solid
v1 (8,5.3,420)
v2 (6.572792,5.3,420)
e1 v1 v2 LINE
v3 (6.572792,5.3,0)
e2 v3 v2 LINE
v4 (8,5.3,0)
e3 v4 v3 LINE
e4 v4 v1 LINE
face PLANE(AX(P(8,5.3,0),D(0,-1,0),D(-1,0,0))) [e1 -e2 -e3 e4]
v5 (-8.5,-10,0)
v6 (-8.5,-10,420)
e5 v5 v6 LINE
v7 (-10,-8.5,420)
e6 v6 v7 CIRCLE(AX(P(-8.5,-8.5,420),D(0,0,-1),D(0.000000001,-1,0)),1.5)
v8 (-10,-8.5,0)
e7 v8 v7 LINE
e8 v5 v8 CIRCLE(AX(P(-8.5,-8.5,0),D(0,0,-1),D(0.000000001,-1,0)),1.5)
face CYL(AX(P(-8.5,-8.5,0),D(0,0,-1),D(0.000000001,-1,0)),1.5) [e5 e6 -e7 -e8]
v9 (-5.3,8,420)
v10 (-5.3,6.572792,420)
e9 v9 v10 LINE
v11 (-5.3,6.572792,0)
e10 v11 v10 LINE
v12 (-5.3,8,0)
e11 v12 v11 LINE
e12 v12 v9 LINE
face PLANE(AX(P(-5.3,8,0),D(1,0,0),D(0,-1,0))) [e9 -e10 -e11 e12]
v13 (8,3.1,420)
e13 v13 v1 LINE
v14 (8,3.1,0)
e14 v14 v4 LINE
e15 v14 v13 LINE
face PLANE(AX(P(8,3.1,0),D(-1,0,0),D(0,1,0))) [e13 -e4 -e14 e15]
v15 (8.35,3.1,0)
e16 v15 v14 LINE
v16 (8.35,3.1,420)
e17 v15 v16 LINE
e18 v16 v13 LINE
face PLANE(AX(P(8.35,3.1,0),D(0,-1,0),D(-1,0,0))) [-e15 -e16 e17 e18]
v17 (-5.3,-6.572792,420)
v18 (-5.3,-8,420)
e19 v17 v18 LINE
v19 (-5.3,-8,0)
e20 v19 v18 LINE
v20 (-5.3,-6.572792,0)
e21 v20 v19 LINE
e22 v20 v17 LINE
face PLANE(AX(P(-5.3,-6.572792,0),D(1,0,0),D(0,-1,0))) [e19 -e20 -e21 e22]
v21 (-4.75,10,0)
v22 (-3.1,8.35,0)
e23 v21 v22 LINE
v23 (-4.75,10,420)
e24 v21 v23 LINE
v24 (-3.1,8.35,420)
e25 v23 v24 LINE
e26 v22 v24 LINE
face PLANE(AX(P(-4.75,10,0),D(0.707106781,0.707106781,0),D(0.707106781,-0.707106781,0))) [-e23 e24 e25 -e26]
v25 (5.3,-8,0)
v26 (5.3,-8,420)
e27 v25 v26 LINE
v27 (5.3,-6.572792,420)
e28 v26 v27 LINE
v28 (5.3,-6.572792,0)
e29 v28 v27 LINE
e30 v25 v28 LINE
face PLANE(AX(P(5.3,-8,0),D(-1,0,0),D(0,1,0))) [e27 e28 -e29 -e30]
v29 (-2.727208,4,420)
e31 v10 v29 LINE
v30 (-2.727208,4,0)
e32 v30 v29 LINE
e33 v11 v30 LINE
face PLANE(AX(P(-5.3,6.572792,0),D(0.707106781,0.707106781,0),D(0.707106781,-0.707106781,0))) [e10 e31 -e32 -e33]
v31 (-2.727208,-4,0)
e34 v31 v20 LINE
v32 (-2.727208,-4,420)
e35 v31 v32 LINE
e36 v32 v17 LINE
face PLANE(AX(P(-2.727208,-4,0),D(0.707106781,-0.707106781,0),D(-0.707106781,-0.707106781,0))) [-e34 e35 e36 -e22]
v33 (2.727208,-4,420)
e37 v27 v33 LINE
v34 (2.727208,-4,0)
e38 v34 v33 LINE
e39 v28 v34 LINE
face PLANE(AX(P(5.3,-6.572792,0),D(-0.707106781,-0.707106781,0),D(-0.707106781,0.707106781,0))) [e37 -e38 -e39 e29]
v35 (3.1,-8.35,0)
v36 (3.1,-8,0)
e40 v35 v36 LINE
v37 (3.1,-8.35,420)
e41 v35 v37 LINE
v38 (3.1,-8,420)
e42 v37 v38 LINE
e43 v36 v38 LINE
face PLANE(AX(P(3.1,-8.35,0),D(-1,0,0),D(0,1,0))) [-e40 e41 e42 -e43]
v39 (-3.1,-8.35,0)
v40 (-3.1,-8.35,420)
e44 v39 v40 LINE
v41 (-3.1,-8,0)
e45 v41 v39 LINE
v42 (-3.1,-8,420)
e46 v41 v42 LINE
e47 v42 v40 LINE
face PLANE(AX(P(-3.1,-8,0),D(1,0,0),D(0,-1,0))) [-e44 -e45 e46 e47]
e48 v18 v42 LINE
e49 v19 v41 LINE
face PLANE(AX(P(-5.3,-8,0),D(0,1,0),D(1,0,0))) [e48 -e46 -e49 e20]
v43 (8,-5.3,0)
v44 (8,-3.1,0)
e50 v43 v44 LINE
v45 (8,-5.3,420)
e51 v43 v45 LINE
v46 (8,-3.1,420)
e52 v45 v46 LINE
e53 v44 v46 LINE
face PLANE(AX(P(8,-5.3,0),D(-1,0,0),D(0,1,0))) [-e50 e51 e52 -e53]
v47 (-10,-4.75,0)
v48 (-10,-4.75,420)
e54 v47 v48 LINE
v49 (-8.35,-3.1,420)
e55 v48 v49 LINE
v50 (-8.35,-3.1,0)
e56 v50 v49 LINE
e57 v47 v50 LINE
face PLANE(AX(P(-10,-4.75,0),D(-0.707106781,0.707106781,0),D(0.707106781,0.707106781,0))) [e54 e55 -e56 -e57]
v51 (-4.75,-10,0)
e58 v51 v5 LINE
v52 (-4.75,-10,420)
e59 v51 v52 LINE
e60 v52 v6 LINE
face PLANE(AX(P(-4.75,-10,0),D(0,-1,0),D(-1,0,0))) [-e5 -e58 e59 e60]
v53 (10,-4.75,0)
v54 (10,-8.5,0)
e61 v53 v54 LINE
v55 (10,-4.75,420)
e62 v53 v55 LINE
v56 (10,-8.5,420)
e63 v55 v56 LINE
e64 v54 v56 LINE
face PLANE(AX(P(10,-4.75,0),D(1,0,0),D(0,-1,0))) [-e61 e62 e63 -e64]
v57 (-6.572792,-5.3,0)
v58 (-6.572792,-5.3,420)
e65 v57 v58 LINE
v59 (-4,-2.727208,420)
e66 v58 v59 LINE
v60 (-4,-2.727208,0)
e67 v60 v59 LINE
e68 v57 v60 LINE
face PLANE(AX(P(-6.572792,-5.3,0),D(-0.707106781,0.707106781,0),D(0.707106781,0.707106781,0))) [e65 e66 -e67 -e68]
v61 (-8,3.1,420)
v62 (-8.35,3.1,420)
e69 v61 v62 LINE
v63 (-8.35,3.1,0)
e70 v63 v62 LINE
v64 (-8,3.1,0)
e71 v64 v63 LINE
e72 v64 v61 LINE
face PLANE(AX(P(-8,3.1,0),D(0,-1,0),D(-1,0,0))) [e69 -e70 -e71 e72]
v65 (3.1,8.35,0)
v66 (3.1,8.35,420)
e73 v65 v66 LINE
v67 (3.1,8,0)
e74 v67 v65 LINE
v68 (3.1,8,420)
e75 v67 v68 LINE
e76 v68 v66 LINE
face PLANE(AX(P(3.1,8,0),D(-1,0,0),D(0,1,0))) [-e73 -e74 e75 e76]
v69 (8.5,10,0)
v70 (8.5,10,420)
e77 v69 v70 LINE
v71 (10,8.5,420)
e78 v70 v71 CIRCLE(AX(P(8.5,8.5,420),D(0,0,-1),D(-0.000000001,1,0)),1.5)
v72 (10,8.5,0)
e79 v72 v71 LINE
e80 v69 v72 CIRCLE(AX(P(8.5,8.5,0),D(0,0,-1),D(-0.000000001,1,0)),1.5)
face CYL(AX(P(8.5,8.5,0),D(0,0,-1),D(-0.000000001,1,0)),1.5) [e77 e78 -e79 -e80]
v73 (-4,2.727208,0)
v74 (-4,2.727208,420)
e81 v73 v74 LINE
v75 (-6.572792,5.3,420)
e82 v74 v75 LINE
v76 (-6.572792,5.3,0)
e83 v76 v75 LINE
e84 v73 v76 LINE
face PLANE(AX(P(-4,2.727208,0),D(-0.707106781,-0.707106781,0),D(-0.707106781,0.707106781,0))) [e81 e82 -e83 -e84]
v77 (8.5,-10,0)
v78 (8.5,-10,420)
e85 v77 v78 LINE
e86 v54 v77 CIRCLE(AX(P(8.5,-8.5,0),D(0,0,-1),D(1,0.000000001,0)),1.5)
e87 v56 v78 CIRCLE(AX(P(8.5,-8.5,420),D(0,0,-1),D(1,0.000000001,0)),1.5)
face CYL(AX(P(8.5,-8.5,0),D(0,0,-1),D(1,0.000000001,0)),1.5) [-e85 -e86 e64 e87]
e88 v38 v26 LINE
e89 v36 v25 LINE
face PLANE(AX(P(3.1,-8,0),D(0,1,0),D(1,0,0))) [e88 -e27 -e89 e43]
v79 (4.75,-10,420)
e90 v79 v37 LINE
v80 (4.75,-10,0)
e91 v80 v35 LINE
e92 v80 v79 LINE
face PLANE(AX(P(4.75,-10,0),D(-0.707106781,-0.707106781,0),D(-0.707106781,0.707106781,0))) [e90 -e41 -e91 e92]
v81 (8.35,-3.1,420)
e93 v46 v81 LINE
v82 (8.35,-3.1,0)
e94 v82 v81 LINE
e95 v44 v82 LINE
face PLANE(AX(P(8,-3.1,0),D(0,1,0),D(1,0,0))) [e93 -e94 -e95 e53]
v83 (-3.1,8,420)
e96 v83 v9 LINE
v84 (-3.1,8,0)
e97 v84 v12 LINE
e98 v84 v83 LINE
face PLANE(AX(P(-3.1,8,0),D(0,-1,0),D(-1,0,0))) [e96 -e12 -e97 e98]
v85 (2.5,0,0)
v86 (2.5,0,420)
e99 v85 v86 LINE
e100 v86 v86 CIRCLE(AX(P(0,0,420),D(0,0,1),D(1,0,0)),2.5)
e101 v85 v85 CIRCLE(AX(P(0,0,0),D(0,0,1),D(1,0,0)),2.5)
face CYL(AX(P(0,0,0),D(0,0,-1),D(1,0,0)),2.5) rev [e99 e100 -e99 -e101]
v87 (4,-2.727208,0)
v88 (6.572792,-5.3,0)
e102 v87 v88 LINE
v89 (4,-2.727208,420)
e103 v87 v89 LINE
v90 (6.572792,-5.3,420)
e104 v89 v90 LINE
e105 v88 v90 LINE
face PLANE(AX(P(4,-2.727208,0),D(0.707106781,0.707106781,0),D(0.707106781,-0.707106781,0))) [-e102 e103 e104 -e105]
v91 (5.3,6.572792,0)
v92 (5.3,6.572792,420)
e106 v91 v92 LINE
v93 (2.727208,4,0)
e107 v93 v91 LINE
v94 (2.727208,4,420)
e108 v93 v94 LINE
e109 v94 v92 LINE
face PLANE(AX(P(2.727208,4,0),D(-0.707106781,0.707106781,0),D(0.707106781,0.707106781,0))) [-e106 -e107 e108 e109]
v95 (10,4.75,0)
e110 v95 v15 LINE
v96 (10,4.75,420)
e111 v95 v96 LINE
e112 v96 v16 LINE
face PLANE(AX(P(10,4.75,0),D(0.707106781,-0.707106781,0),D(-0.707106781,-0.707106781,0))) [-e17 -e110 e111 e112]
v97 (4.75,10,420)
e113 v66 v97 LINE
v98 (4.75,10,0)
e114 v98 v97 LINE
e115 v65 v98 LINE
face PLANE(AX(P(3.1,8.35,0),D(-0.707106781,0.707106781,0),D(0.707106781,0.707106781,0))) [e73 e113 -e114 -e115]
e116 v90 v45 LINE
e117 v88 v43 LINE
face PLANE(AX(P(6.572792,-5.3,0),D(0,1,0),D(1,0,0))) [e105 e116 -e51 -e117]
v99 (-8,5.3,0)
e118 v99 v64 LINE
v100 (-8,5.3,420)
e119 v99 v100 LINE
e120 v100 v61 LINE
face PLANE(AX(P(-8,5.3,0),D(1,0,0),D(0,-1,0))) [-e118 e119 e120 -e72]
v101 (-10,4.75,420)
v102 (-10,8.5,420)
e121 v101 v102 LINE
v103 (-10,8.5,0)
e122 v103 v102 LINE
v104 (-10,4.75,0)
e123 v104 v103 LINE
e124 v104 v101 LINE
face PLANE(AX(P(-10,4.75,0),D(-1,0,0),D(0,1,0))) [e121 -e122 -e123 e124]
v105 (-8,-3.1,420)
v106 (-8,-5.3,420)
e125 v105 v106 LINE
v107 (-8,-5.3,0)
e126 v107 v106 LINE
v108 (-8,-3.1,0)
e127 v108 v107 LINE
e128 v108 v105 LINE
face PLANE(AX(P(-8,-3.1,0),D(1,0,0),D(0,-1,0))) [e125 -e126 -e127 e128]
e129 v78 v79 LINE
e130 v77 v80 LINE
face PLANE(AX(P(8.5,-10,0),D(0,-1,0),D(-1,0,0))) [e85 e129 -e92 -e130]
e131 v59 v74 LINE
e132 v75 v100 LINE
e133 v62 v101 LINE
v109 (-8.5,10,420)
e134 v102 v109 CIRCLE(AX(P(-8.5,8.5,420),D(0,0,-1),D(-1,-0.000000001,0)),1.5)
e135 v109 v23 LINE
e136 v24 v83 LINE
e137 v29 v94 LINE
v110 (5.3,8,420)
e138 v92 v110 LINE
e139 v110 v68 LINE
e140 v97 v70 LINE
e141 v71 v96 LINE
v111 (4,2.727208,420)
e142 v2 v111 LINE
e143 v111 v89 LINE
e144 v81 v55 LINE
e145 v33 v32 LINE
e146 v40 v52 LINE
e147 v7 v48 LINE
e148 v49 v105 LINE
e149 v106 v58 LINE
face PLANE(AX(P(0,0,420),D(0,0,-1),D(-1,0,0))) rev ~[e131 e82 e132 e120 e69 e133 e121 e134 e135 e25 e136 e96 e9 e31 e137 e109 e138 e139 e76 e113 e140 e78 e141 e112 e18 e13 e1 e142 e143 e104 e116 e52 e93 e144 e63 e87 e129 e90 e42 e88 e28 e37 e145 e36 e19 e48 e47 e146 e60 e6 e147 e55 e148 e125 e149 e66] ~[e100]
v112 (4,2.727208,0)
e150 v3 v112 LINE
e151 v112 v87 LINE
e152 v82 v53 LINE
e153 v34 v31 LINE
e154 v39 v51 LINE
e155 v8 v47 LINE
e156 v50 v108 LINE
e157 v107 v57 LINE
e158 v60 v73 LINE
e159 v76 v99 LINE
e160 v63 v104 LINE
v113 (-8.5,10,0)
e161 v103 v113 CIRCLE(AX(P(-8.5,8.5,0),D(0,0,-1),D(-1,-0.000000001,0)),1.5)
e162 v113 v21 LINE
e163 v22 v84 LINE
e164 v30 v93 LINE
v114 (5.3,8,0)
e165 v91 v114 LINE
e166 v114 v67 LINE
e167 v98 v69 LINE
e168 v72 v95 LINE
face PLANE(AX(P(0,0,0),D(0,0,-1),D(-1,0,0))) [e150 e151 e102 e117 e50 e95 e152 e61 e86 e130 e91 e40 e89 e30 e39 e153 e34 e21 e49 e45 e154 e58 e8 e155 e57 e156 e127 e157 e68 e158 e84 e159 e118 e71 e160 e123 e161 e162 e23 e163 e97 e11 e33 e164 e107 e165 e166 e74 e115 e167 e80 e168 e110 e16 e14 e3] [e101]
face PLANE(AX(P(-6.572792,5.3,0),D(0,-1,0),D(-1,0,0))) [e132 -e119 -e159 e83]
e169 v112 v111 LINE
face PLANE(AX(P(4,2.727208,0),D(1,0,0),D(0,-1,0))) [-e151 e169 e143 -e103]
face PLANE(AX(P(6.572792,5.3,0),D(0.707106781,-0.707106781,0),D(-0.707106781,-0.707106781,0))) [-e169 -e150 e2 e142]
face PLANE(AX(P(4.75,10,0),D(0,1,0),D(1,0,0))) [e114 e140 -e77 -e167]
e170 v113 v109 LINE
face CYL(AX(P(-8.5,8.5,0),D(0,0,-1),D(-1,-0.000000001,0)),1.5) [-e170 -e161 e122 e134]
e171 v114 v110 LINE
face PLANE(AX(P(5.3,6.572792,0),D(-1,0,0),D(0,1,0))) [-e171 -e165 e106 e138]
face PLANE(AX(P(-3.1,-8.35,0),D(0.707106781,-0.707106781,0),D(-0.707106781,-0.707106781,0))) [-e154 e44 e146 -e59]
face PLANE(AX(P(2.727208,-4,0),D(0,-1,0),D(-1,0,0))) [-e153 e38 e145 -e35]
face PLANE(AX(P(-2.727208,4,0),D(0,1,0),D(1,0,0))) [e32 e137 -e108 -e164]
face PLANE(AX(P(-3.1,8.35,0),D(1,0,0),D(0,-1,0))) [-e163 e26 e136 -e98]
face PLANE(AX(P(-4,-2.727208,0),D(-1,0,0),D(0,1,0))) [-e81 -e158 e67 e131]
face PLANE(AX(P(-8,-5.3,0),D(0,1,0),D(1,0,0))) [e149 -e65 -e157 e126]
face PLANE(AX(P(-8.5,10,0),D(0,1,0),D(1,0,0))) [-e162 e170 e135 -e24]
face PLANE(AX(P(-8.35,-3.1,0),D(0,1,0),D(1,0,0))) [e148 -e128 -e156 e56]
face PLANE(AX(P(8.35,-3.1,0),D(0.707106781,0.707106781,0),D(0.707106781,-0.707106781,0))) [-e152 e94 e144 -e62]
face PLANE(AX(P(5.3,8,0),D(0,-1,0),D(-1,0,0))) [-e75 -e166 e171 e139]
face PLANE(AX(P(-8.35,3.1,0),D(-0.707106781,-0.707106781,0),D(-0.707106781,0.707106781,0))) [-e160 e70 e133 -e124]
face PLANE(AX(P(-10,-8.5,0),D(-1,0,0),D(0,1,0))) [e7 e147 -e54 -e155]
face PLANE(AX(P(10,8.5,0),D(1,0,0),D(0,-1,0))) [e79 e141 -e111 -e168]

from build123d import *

# Parameters (mm, degrees)
SKETCH2_R           = 2.5
BOSS_EXTRUDE1_DEPTH = 420


with BuildPart() as part:
    # Sketch2 → Boss-Extrude1 (new body)
    with BuildSketch(Plane.XY):
        with BuildLine():
            Line((-4, -2.727207794), (-4, 2.727207794))
            Line((-4, 2.727207794), (-6.572792206, 5.3))
            Line((-6.572792206, 5.3), (-8, 5.3))
            Line((-8, 5.3), (-8, 3.1))
            Line((-8, 3.1), (-8.35, 3.1))
            Line((-8.35, 3.1), (-10, 4.75))
            Line((-10, 4.75), (-10, 8.5))
            ThreePointArc((-10, 8.5), (-9.560660172, 9.560660172), (-8.5, 10))
            Line((-8.5, 10), (-4.75, 10))
            Line((-4.75, 10), (-3.1, 8.35))
            Line((-3.1, 8.35), (-3.1, 8))
            Line((-3.1, 8), (-5.3, 8))
            Line((-5.3, 8), (-5.3, 6.572792206))
            Line((-5.3, 6.572792206), (-2.727207794, 4))
            Line((-2.727207794, 4), (2.727207794, 4))
            Line((2.727207794, 4), (5.3, 6.572792206))
            Line((5.3, 6.572792206), (5.3, 8))
            Line((5.3, 8), (3.1, 8))
            Line((3.1, 8), (3.1, 8.35))
            Line((3.1, 8.35), (4.75, 10))
            Line((4.75, 10), (8.5, 10))
            ThreePointArc((8.5, 10), (9.560660172, 9.560660172), (10, 8.5))
            Line((10, 8.5), (10, 4.75))
            Line((10, 4.75), (8.35, 3.1))
            Line((8.35, 3.1), (8, 3.1))
            Line((8, 3.1), (8, 5.3))
            Line((8, 5.3), (6.572792206, 5.3))
            Line((6.572792206, 5.3), (4, 2.727207794))
            Line((4, 2.727207794), (4, -2.727207794))
            Line((4, -2.727207794), (6.572792206, -5.3))
            Line((6.572792206, -5.3), (8, -5.3))
            Line((8, -5.3), (8, -3.1))
            Line((8, -3.1), (8.35, -3.1))
            Line((8.35, -3.1), (10, -4.75))
            Line((10, -4.75), (10, -8.5))
            ThreePointArc((10, -8.5), (9.560660172, -9.560660172), (8.5, -10))
            Line((8.5, -10), (4.75, -10))
            Line((4.75, -10), (3.1, -8.35))
            Line((3.1, -8.35), (3.1, -8))
            Line((3.1, -8), (5.3, -8))
            Line((5.3, -8), (5.3, -6.572792206))
            Line((5.3, -6.572792206), (2.727207794, -4))
            Line((2.727207794, -4), (-2.727207794, -4))
            Line((-2.727207794, -4), (-5.3, -6.572792206))
            Line((-5.3, -6.572792206), (-5.3, -8))
            Line((-5.3, -8), (-3.1, -8))
            Line((-3.1, -8), (-3.1, -8.35))
            Line((-3.1, -8.35), (-4.75, -10))
            Line((-4.75, -10), (-8.5, -10))
            ThreePointArc((-8.5, -10), (-9.560660172, -9.560660172), (-10, -8.5))
            Line((-10, -8.5), (-10, -4.75))
            Line((-10, -4.75), (-8.35, -3.1))
            Line((-8.35, -3.1), (-8, -3.1))
            Line((-8, -3.1), (-8, -5.3))
            Line((-8, -5.3), (-6.572792206, -5.3))
            Line((-6.572792206, -5.3), (-4, -2.727207794))
        make_face()
        Circle(SKETCH2_R, mode=Mode.SUBTRACT)
    extrude(amount=BOSS_EXTRUDE1_DEPTH)


solid = part.part
